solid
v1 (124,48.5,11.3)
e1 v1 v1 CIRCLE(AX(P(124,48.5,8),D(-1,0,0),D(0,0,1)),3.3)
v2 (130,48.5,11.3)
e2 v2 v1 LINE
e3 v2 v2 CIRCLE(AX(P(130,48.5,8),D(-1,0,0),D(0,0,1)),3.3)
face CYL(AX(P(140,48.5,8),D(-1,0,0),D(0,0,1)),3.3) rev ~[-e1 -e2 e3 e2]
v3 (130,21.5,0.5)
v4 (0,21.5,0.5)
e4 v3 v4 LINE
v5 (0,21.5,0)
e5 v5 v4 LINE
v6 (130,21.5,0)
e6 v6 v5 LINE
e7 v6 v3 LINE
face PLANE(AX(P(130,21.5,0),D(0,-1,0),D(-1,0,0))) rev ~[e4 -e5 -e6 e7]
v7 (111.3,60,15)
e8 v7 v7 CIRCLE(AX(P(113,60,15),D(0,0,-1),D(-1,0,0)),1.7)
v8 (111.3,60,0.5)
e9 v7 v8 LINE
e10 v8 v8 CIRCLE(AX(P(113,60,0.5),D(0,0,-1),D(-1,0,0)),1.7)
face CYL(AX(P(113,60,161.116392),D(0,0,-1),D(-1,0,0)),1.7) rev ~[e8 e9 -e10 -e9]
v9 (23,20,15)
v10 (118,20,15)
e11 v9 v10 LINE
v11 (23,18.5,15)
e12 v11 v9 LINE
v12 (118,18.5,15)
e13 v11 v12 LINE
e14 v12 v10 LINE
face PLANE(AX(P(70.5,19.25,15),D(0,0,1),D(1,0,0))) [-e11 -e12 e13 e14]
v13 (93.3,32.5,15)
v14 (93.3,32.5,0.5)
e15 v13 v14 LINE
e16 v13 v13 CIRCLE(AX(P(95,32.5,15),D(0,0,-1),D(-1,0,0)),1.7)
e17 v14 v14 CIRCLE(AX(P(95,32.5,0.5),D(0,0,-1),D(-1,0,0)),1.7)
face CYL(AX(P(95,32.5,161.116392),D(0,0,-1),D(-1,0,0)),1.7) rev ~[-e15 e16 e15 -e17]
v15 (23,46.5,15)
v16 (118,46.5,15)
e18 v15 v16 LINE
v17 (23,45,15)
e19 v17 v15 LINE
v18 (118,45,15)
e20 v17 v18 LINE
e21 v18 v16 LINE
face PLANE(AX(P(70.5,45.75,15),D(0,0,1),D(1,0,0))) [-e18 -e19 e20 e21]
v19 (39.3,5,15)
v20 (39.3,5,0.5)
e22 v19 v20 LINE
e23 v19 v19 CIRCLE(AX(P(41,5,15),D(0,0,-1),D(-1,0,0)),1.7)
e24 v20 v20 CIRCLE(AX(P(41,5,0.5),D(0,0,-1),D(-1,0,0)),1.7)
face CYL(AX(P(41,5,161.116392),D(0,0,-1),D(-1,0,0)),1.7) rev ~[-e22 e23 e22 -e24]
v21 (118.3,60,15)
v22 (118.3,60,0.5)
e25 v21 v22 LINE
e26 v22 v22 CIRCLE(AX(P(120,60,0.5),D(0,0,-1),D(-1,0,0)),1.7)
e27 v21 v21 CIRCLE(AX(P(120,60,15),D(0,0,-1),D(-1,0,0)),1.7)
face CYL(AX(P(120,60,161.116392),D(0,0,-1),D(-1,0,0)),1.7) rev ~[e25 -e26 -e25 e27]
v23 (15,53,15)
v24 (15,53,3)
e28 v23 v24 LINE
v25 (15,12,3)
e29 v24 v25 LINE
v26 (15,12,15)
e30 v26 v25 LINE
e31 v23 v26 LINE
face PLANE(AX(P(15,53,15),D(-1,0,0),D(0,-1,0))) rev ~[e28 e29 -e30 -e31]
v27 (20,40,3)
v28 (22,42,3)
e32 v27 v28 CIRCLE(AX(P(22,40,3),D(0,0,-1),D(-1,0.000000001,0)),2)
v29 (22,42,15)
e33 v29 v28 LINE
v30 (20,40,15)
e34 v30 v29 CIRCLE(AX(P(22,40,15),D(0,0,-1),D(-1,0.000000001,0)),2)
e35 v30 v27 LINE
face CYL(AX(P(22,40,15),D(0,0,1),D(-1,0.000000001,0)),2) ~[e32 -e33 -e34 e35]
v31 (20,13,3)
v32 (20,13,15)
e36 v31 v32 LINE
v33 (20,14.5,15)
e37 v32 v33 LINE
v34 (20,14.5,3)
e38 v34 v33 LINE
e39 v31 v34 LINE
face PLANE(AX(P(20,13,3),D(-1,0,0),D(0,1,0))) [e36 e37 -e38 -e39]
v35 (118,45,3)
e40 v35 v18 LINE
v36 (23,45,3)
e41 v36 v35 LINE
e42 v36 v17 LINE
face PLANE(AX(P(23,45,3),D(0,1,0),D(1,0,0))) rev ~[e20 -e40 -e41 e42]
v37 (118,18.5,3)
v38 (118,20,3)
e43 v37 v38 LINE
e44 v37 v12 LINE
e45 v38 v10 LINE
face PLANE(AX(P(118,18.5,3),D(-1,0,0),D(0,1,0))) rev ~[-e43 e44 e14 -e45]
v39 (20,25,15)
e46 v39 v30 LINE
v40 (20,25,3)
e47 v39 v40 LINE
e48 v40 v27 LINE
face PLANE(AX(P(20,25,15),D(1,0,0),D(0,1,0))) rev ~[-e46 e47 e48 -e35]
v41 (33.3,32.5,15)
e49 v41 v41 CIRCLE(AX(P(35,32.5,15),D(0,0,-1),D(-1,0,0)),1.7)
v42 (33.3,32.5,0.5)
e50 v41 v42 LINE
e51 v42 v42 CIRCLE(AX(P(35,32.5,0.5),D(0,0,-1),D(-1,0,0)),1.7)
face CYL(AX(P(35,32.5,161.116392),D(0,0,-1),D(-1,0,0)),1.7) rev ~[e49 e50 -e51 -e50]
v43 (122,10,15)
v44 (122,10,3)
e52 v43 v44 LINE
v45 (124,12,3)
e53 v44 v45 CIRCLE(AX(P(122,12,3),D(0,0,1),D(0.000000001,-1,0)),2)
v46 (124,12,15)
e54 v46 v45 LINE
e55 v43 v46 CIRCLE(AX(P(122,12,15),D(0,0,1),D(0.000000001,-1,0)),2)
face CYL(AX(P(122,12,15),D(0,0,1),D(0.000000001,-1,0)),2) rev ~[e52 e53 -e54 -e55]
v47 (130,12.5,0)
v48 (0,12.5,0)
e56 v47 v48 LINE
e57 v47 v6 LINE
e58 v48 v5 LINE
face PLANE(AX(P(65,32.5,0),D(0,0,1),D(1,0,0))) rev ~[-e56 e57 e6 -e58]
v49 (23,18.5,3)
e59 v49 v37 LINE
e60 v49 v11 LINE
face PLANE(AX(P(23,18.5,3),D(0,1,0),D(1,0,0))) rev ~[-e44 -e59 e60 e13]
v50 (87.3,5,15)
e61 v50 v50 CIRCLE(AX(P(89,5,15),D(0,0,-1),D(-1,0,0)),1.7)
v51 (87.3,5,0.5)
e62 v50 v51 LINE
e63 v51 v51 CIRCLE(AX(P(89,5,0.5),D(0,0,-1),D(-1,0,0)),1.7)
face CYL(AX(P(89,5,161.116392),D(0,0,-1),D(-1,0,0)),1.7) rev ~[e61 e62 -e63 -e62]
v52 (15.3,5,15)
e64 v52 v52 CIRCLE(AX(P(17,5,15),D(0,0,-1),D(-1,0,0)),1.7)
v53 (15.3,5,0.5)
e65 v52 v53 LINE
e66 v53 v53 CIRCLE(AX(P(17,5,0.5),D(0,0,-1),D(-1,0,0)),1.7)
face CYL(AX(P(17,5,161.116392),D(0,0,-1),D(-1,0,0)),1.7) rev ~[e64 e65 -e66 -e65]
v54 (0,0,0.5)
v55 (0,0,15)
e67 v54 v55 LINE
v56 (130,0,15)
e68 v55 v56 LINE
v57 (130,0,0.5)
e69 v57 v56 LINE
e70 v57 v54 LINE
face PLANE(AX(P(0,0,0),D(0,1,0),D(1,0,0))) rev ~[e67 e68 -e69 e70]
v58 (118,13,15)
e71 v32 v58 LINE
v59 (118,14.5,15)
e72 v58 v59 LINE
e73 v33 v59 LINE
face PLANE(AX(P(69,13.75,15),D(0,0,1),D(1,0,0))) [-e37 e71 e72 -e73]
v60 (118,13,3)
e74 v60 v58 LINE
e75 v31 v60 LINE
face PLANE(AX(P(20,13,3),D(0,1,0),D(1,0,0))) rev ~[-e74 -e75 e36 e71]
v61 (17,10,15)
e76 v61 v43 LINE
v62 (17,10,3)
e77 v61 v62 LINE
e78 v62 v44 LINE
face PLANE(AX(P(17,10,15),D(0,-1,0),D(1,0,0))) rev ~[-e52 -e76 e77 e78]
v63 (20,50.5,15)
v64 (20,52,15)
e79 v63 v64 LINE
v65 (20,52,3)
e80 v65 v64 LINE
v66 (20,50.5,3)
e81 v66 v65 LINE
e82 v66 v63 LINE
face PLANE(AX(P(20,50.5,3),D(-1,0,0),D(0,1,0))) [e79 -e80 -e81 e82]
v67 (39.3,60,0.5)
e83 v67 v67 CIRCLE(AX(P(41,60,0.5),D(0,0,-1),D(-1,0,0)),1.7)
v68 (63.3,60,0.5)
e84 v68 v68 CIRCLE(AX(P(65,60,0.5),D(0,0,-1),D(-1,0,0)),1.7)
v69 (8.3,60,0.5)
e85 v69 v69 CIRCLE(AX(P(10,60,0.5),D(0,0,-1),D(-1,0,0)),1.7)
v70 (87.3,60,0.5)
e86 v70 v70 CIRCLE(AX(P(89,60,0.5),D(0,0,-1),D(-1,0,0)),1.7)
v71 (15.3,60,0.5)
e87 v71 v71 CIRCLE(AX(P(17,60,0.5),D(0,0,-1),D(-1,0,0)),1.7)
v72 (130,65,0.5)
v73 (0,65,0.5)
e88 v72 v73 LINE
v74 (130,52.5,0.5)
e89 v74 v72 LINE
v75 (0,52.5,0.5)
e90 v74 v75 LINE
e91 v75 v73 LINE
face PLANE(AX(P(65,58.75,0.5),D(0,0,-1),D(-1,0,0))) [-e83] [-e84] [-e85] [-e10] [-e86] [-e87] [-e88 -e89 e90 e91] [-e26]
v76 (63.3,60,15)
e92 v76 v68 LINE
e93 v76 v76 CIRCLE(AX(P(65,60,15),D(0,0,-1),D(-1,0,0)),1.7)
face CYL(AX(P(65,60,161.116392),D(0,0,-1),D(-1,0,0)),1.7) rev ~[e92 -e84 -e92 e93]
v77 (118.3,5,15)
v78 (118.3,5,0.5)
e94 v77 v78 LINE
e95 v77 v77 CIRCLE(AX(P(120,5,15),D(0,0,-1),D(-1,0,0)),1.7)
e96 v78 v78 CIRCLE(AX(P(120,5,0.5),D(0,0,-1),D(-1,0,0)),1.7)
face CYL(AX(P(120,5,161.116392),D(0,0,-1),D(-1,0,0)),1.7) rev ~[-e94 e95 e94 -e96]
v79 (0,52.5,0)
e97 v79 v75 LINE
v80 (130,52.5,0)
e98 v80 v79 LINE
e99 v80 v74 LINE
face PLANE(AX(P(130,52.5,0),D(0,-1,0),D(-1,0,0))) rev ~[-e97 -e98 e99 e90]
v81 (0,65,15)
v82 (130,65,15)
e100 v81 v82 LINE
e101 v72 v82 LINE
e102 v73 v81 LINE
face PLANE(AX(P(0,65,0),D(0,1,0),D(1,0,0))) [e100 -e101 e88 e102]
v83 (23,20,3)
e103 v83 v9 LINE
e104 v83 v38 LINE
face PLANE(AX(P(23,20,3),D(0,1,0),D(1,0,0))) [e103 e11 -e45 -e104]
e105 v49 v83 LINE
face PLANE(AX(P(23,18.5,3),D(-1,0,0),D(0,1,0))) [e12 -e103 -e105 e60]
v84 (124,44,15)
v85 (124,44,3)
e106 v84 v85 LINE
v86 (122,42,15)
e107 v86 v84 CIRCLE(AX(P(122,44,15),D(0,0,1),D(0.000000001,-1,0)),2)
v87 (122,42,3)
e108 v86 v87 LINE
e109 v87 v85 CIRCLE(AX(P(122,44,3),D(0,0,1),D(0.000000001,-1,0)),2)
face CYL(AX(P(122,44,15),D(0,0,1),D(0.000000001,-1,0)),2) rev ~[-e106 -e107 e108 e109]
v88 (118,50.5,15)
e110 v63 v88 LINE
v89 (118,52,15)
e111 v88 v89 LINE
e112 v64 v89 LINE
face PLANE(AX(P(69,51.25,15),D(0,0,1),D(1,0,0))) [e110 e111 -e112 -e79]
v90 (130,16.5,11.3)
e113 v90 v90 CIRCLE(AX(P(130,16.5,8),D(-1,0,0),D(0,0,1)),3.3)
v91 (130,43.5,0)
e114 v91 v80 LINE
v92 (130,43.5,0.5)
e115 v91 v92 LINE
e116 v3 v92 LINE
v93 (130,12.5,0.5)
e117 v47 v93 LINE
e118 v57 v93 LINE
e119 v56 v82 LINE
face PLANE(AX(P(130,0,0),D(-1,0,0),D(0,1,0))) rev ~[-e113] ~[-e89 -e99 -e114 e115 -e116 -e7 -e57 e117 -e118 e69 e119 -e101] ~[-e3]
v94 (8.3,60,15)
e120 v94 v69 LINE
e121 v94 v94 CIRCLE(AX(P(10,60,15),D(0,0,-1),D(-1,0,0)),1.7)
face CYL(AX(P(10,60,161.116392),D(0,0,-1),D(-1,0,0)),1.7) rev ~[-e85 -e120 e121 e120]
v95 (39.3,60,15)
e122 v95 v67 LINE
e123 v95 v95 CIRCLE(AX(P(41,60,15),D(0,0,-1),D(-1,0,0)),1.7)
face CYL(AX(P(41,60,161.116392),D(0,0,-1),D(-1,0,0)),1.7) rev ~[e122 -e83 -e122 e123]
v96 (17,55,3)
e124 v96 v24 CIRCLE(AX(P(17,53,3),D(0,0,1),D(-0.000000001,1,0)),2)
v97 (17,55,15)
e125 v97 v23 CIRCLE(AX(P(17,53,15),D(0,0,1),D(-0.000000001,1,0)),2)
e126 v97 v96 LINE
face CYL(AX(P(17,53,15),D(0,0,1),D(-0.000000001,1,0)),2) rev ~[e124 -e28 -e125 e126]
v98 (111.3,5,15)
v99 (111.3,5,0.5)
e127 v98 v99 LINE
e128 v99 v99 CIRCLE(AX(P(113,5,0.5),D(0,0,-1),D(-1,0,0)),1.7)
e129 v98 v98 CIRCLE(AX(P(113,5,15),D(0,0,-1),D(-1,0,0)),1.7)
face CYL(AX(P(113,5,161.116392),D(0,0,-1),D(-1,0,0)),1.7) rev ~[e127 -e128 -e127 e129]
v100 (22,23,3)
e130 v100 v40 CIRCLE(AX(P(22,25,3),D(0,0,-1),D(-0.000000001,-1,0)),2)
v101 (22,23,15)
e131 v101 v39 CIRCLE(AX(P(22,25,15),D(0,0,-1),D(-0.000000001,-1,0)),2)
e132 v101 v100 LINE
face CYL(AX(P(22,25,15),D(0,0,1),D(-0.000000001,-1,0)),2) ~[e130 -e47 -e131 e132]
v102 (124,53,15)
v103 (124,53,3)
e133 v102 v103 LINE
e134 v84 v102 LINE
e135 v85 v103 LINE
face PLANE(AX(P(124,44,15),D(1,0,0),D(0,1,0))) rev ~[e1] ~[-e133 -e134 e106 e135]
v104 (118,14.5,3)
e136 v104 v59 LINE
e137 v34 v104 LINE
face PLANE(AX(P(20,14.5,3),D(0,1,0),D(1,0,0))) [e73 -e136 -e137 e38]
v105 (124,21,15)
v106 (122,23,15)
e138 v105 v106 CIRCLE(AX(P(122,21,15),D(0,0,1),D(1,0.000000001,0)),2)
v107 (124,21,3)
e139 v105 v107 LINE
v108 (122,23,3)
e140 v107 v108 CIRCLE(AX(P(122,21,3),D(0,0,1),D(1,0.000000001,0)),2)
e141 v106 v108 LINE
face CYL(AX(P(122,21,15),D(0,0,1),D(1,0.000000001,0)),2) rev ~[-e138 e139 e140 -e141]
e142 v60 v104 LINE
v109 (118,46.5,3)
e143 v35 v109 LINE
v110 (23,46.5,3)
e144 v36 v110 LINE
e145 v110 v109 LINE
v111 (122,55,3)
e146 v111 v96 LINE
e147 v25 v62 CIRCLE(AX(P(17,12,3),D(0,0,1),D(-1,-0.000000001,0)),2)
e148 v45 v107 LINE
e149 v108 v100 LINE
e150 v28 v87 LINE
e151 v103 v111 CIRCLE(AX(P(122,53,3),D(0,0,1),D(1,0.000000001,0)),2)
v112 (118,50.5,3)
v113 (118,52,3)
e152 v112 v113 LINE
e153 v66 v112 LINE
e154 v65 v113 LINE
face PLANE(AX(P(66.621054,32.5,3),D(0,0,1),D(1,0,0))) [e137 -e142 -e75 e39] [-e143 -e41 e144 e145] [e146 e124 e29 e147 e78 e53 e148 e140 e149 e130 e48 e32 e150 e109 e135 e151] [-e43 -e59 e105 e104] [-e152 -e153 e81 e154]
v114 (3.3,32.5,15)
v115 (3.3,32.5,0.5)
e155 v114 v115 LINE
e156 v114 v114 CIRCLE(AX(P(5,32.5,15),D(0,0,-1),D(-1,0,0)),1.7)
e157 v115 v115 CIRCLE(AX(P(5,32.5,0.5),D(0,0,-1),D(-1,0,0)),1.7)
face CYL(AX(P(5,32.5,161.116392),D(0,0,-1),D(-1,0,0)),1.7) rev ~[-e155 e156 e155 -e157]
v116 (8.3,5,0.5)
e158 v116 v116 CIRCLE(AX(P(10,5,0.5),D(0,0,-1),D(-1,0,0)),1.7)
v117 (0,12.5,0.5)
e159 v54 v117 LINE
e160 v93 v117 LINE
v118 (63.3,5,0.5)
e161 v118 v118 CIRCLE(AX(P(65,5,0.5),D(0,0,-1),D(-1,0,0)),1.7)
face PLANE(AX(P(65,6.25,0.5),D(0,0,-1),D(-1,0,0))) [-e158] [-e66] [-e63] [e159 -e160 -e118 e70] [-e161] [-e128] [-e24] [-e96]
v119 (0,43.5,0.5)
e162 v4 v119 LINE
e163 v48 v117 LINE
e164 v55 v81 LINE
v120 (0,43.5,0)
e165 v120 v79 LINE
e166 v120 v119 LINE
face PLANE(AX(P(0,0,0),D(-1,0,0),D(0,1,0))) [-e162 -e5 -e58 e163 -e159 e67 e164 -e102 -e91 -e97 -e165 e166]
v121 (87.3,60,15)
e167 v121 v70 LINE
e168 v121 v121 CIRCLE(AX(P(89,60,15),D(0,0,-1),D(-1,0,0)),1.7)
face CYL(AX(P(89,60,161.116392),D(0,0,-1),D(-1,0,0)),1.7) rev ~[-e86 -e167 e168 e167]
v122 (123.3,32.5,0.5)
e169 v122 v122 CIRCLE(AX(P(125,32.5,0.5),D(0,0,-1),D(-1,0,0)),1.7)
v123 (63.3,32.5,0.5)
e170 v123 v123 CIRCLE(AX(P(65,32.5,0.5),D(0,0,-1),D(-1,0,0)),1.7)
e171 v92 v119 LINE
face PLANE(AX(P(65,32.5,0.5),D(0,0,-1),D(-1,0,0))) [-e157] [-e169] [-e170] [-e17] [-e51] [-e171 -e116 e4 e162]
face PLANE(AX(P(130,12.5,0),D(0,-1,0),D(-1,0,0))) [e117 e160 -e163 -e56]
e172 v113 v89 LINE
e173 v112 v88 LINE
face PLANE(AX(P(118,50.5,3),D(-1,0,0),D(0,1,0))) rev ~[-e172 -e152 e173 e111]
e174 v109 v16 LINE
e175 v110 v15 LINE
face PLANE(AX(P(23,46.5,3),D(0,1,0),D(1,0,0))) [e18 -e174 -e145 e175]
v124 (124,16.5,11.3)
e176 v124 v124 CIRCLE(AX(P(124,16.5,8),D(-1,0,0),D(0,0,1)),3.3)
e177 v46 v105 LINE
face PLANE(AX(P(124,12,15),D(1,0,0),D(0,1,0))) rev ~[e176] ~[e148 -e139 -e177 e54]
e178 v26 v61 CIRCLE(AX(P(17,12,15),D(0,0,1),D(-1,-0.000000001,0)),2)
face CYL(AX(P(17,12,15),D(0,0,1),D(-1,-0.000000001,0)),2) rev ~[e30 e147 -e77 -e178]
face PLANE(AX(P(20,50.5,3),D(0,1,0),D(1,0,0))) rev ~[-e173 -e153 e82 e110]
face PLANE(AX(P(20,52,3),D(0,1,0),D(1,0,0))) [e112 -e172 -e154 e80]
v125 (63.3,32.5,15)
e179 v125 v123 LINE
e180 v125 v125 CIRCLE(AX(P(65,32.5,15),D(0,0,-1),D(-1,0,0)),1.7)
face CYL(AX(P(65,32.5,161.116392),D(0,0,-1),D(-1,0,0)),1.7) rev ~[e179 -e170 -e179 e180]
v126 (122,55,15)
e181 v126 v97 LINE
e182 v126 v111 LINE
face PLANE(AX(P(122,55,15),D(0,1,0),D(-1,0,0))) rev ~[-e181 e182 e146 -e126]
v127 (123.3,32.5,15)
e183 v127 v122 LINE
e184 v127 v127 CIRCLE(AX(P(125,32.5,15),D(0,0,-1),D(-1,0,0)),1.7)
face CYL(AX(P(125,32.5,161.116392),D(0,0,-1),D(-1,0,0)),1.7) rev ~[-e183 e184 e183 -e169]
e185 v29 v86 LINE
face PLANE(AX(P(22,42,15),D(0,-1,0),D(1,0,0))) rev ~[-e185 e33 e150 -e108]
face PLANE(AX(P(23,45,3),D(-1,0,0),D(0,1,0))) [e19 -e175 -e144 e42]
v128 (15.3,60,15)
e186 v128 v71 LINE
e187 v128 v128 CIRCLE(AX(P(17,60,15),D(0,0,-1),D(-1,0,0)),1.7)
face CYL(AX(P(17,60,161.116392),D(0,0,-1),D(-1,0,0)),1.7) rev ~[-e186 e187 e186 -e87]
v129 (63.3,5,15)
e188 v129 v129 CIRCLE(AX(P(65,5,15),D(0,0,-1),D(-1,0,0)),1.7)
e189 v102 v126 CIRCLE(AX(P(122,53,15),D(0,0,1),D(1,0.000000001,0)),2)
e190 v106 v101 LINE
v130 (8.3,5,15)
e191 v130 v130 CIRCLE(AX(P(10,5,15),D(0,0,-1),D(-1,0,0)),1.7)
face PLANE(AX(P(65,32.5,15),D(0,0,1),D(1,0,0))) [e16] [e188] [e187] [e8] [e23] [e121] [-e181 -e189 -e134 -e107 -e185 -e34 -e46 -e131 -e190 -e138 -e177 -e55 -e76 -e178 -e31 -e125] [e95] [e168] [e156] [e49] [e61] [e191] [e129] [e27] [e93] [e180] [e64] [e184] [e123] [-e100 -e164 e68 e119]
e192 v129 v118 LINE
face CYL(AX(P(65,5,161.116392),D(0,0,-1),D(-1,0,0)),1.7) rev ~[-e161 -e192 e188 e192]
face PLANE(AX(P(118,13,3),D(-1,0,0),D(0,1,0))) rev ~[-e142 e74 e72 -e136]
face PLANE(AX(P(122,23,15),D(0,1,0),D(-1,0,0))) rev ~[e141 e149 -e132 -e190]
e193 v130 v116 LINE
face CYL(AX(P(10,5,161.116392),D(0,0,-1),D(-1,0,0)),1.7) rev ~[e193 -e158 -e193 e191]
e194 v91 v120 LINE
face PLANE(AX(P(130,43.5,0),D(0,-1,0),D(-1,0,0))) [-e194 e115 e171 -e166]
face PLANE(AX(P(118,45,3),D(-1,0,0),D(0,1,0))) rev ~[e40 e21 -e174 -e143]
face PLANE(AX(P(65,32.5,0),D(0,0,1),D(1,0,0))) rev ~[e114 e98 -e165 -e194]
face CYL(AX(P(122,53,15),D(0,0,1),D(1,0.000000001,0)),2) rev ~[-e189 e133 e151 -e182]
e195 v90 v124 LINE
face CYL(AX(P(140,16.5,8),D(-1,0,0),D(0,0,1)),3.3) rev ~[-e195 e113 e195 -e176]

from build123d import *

# Parameters (mm, degrees)
ESQUISSE1_W             = 130
ESQUISSE1_H             = 65
ESQUISSE1_R             = 1.3
BOSS_EXTRU_1_DEPTH      = 15
ESQUISSE2_W             = 130
ESQUISSE2_H             = 12.5
ESQUISSE2_H_2           = 22
ENL_V_MAT_EXTRU_1_DEPTH = 0.5
ESQUISSE5_R             = 1.3
ENL_V_MAT_EXTRU_2_DEPTH = 15.5
D_GAGEMENT_M31_D        = 3.4
ENL_V_MAT_EXTRU_3_DEPTH = 12
D_GAGEMENT_M61_D        = 6.6
D_GAGEMENT_M61_DEPTH    = 10
D_GAGEMENT_M61_TIP      = 1.982840043
ESQUISSE16_W            = 98
ESQUISSE16_H            = 1.5
ESQUISSE16_W_2          = 95
BOSS_EXTRU_2_DEPTH      = 12


with BuildPart() as part:
    # Esquisse1 → Boss.-Extru.1 (new body)
    with BuildSketch(Plane.XY):
        with Locations((65, 32.5)):
            Rectangle(ESQUISSE1_W, ESQUISSE1_H)
        with Locations((113, 5)):
            Circle(ESQUISSE1_R, mode=Mode.SUBTRACT)
        with Locations((89, 5)):
            Circle(ESQUISSE1_R, mode=Mode.SUBTRACT)
        with Locations((65, 5)):
            Circle(ESQUISSE1_R, mode=Mode.SUBTRACT)
        with Locations((41, 5)):
            Circle(ESQUISSE1_R, mode=Mode.SUBTRACT)
        with Locations((17, 5)):
            Circle(ESQUISSE1_R, mode=Mode.SUBTRACT)
        with Locations((113, 60)):
            Circle(ESQUISSE1_R, mode=Mode.SUBTRACT)
        with Locations((89, 60)):
            Circle(ESQUISSE1_R, mode=Mode.SUBTRACT)
        with Locations((65, 60)):
            Circle(ESQUISSE1_R, mode=Mode.SUBTRACT)
        with Locations((41, 60)):
            Circle(ESQUISSE1_R, mode=Mode.SUBTRACT)
        with Locations((17, 60)):
            Circle(ESQUISSE1_R, mode=Mode.SUBTRACT)
    extrude(amount=BOSS_EXTRU_1_DEPTH)

    # Esquisse2 → Enlèv. mat.-Extru.1 (cut)
    with BuildSketch(Plane(origin=(0, 0, 0), x_dir=(-1, 0, 0), z_dir=(0, 0, -1))):
        with Locations((-65, 58.75)):
            Rectangle(ESQUISSE2_W, ESQUISSE2_H)
        with Locations((-65, 6.25)):
            Rectangle(ESQUISSE2_W, ESQUISSE2_H)
        with Locations((-65, 32.5)):
            Rectangle(ESQUISSE2_W, ESQUISSE2_H_2)
    extrude(amount=-ENL_V_MAT_EXTRU_1_DEPTH, mode=Mode.SUBTRACT)

    # Esquisse5 → Enlèv. mat.-Extru.2 (cut, through all)
    with BuildSketch(Plane(origin=(0, 0, 0.5), x_dir=(-1, 0, 0), z_dir=(0, 0, -1))):
        with Locations((-95, 32.5)):
            Circle(ESQUISSE5_R)
        with Locations((-65, 32.5)):
            Circle(ESQUISSE5_R)
        with Locations((-125, 32.5)):
            Circle(ESQUISSE5_R)
        with Locations((-5, 32.5)):
            Circle(ESQUISSE5_R)
        with Locations((-10, 60)):
            Circle(ESQUISSE5_R)
        with Locations((-10, 5)):
            Circle(ESQUISSE5_R)
        with Locations((-120, 60)):
            Circle(ESQUISSE5_R)
        with Locations((-120, 5)):
            Circle(ESQUISSE5_R)
        with Locations((-35, 32.5)):
            Circle(ESQUISSE5_R)
    extrude(amount=-ENL_V_MAT_EXTRU_2_DEPTH, mode=Mode.SUBTRACT)

    # Dégagement M31 (through all)
    with Locations(Plane.XY.offset(15)):
        with Locations((17, 60), (41, 60), (65, 60), (89, 60), (113, 60), (125, 32.5), (95, 32.5), (65, 32.5), (5, 32.5), (17, 5), (41, 5), (65, 5), (89, 5), (113, 5), (10, 60), (10, 5), (120, 5), (120, 60), (35, 32.5)):
            Hole(D_GAGEMENT_M31_D / 2)

    # Esquisse12 → Enlèv. mat.-Extru.3 (cut)
    with BuildSketch(Plane.XY.offset(15)):
        with BuildLine():
            Line((122, 55), (17, 55))
            ThreePointArc((17, 55), (15.585786438, 54.414213562), (15, 53))
            Line((15, 53), (15, 12))
            ThreePointArc((15, 12), (15.585786438, 10.585786438), (17, 10))
            Line((17, 10), (122, 10))
            ThreePointArc((122, 10), (123.414213562, 10.585786438), (124, 12))
            Line((124, 12), (124, 21))
            ThreePointArc((124, 21), (123.414213562, 22.414213562), (122, 23))
            Line((122, 23), (22, 23))
            ThreePointArc((22, 23), (20.585786438, 23.585786438), (20, 25))
            Line((20, 25), (20, 40))
            ThreePointArc((20, 40), (20.585786438, 41.414213562), (22, 42))
            Line((22, 42), (122, 42))
            ThreePointArc((122, 42), (123.414213562, 42.585786438), (124, 44))
            Line((124, 44), (124, 53))
            ThreePointArc((124, 53), (123.414213562, 54.414213562), (122, 55))
        make_face()
    extrude(amount=-ENL_V_MAT_EXTRU_3_DEPTH, mode=Mode.SUBTRACT)

    # Dégagement M61
    with Locations(Plane(origin=(130, 0, 0), x_dir=(0, 0, -1), z_dir=(1, 0, 0))):
        with Locations((-8, 48.5), (-8, 16.5)):
            Hole(D_GAGEMENT_M61_D / 2, depth=D_GAGEMENT_M61_DEPTH)
            with Locations((0, 0, -(D_GAGEMENT_M61_DEPTH + D_GAGEMENT_M61_TIP / 2))):  # 118° drill point
                Cone(0, D_GAGEMENT_M61_D / 2, D_GAGEMENT_M61_TIP, mode=Mode.SUBTRACT)

    # Esquisse16 → Boss.-Extru.2 (add)
    with BuildSketch(Plane.XY.offset(3)):
        with Locations((69, 51.25)):
            Rectangle(ESQUISSE16_W, ESQUISSE16_H)
        with Locations((70.5, 45.75)):
            Rectangle(ESQUISSE16_W_2, ESQUISSE16_H)
        with Locations((70.5, 19.25)):
            Rectangle(ESQUISSE16_W_2, ESQUISSE16_H)
        with Locations((69, 13.75)):
            Rectangle(ESQUISSE16_W, ESQUISSE16_H)
    extrude(amount=BOSS_EXTRU_2_DEPTH)


solid = part.part
